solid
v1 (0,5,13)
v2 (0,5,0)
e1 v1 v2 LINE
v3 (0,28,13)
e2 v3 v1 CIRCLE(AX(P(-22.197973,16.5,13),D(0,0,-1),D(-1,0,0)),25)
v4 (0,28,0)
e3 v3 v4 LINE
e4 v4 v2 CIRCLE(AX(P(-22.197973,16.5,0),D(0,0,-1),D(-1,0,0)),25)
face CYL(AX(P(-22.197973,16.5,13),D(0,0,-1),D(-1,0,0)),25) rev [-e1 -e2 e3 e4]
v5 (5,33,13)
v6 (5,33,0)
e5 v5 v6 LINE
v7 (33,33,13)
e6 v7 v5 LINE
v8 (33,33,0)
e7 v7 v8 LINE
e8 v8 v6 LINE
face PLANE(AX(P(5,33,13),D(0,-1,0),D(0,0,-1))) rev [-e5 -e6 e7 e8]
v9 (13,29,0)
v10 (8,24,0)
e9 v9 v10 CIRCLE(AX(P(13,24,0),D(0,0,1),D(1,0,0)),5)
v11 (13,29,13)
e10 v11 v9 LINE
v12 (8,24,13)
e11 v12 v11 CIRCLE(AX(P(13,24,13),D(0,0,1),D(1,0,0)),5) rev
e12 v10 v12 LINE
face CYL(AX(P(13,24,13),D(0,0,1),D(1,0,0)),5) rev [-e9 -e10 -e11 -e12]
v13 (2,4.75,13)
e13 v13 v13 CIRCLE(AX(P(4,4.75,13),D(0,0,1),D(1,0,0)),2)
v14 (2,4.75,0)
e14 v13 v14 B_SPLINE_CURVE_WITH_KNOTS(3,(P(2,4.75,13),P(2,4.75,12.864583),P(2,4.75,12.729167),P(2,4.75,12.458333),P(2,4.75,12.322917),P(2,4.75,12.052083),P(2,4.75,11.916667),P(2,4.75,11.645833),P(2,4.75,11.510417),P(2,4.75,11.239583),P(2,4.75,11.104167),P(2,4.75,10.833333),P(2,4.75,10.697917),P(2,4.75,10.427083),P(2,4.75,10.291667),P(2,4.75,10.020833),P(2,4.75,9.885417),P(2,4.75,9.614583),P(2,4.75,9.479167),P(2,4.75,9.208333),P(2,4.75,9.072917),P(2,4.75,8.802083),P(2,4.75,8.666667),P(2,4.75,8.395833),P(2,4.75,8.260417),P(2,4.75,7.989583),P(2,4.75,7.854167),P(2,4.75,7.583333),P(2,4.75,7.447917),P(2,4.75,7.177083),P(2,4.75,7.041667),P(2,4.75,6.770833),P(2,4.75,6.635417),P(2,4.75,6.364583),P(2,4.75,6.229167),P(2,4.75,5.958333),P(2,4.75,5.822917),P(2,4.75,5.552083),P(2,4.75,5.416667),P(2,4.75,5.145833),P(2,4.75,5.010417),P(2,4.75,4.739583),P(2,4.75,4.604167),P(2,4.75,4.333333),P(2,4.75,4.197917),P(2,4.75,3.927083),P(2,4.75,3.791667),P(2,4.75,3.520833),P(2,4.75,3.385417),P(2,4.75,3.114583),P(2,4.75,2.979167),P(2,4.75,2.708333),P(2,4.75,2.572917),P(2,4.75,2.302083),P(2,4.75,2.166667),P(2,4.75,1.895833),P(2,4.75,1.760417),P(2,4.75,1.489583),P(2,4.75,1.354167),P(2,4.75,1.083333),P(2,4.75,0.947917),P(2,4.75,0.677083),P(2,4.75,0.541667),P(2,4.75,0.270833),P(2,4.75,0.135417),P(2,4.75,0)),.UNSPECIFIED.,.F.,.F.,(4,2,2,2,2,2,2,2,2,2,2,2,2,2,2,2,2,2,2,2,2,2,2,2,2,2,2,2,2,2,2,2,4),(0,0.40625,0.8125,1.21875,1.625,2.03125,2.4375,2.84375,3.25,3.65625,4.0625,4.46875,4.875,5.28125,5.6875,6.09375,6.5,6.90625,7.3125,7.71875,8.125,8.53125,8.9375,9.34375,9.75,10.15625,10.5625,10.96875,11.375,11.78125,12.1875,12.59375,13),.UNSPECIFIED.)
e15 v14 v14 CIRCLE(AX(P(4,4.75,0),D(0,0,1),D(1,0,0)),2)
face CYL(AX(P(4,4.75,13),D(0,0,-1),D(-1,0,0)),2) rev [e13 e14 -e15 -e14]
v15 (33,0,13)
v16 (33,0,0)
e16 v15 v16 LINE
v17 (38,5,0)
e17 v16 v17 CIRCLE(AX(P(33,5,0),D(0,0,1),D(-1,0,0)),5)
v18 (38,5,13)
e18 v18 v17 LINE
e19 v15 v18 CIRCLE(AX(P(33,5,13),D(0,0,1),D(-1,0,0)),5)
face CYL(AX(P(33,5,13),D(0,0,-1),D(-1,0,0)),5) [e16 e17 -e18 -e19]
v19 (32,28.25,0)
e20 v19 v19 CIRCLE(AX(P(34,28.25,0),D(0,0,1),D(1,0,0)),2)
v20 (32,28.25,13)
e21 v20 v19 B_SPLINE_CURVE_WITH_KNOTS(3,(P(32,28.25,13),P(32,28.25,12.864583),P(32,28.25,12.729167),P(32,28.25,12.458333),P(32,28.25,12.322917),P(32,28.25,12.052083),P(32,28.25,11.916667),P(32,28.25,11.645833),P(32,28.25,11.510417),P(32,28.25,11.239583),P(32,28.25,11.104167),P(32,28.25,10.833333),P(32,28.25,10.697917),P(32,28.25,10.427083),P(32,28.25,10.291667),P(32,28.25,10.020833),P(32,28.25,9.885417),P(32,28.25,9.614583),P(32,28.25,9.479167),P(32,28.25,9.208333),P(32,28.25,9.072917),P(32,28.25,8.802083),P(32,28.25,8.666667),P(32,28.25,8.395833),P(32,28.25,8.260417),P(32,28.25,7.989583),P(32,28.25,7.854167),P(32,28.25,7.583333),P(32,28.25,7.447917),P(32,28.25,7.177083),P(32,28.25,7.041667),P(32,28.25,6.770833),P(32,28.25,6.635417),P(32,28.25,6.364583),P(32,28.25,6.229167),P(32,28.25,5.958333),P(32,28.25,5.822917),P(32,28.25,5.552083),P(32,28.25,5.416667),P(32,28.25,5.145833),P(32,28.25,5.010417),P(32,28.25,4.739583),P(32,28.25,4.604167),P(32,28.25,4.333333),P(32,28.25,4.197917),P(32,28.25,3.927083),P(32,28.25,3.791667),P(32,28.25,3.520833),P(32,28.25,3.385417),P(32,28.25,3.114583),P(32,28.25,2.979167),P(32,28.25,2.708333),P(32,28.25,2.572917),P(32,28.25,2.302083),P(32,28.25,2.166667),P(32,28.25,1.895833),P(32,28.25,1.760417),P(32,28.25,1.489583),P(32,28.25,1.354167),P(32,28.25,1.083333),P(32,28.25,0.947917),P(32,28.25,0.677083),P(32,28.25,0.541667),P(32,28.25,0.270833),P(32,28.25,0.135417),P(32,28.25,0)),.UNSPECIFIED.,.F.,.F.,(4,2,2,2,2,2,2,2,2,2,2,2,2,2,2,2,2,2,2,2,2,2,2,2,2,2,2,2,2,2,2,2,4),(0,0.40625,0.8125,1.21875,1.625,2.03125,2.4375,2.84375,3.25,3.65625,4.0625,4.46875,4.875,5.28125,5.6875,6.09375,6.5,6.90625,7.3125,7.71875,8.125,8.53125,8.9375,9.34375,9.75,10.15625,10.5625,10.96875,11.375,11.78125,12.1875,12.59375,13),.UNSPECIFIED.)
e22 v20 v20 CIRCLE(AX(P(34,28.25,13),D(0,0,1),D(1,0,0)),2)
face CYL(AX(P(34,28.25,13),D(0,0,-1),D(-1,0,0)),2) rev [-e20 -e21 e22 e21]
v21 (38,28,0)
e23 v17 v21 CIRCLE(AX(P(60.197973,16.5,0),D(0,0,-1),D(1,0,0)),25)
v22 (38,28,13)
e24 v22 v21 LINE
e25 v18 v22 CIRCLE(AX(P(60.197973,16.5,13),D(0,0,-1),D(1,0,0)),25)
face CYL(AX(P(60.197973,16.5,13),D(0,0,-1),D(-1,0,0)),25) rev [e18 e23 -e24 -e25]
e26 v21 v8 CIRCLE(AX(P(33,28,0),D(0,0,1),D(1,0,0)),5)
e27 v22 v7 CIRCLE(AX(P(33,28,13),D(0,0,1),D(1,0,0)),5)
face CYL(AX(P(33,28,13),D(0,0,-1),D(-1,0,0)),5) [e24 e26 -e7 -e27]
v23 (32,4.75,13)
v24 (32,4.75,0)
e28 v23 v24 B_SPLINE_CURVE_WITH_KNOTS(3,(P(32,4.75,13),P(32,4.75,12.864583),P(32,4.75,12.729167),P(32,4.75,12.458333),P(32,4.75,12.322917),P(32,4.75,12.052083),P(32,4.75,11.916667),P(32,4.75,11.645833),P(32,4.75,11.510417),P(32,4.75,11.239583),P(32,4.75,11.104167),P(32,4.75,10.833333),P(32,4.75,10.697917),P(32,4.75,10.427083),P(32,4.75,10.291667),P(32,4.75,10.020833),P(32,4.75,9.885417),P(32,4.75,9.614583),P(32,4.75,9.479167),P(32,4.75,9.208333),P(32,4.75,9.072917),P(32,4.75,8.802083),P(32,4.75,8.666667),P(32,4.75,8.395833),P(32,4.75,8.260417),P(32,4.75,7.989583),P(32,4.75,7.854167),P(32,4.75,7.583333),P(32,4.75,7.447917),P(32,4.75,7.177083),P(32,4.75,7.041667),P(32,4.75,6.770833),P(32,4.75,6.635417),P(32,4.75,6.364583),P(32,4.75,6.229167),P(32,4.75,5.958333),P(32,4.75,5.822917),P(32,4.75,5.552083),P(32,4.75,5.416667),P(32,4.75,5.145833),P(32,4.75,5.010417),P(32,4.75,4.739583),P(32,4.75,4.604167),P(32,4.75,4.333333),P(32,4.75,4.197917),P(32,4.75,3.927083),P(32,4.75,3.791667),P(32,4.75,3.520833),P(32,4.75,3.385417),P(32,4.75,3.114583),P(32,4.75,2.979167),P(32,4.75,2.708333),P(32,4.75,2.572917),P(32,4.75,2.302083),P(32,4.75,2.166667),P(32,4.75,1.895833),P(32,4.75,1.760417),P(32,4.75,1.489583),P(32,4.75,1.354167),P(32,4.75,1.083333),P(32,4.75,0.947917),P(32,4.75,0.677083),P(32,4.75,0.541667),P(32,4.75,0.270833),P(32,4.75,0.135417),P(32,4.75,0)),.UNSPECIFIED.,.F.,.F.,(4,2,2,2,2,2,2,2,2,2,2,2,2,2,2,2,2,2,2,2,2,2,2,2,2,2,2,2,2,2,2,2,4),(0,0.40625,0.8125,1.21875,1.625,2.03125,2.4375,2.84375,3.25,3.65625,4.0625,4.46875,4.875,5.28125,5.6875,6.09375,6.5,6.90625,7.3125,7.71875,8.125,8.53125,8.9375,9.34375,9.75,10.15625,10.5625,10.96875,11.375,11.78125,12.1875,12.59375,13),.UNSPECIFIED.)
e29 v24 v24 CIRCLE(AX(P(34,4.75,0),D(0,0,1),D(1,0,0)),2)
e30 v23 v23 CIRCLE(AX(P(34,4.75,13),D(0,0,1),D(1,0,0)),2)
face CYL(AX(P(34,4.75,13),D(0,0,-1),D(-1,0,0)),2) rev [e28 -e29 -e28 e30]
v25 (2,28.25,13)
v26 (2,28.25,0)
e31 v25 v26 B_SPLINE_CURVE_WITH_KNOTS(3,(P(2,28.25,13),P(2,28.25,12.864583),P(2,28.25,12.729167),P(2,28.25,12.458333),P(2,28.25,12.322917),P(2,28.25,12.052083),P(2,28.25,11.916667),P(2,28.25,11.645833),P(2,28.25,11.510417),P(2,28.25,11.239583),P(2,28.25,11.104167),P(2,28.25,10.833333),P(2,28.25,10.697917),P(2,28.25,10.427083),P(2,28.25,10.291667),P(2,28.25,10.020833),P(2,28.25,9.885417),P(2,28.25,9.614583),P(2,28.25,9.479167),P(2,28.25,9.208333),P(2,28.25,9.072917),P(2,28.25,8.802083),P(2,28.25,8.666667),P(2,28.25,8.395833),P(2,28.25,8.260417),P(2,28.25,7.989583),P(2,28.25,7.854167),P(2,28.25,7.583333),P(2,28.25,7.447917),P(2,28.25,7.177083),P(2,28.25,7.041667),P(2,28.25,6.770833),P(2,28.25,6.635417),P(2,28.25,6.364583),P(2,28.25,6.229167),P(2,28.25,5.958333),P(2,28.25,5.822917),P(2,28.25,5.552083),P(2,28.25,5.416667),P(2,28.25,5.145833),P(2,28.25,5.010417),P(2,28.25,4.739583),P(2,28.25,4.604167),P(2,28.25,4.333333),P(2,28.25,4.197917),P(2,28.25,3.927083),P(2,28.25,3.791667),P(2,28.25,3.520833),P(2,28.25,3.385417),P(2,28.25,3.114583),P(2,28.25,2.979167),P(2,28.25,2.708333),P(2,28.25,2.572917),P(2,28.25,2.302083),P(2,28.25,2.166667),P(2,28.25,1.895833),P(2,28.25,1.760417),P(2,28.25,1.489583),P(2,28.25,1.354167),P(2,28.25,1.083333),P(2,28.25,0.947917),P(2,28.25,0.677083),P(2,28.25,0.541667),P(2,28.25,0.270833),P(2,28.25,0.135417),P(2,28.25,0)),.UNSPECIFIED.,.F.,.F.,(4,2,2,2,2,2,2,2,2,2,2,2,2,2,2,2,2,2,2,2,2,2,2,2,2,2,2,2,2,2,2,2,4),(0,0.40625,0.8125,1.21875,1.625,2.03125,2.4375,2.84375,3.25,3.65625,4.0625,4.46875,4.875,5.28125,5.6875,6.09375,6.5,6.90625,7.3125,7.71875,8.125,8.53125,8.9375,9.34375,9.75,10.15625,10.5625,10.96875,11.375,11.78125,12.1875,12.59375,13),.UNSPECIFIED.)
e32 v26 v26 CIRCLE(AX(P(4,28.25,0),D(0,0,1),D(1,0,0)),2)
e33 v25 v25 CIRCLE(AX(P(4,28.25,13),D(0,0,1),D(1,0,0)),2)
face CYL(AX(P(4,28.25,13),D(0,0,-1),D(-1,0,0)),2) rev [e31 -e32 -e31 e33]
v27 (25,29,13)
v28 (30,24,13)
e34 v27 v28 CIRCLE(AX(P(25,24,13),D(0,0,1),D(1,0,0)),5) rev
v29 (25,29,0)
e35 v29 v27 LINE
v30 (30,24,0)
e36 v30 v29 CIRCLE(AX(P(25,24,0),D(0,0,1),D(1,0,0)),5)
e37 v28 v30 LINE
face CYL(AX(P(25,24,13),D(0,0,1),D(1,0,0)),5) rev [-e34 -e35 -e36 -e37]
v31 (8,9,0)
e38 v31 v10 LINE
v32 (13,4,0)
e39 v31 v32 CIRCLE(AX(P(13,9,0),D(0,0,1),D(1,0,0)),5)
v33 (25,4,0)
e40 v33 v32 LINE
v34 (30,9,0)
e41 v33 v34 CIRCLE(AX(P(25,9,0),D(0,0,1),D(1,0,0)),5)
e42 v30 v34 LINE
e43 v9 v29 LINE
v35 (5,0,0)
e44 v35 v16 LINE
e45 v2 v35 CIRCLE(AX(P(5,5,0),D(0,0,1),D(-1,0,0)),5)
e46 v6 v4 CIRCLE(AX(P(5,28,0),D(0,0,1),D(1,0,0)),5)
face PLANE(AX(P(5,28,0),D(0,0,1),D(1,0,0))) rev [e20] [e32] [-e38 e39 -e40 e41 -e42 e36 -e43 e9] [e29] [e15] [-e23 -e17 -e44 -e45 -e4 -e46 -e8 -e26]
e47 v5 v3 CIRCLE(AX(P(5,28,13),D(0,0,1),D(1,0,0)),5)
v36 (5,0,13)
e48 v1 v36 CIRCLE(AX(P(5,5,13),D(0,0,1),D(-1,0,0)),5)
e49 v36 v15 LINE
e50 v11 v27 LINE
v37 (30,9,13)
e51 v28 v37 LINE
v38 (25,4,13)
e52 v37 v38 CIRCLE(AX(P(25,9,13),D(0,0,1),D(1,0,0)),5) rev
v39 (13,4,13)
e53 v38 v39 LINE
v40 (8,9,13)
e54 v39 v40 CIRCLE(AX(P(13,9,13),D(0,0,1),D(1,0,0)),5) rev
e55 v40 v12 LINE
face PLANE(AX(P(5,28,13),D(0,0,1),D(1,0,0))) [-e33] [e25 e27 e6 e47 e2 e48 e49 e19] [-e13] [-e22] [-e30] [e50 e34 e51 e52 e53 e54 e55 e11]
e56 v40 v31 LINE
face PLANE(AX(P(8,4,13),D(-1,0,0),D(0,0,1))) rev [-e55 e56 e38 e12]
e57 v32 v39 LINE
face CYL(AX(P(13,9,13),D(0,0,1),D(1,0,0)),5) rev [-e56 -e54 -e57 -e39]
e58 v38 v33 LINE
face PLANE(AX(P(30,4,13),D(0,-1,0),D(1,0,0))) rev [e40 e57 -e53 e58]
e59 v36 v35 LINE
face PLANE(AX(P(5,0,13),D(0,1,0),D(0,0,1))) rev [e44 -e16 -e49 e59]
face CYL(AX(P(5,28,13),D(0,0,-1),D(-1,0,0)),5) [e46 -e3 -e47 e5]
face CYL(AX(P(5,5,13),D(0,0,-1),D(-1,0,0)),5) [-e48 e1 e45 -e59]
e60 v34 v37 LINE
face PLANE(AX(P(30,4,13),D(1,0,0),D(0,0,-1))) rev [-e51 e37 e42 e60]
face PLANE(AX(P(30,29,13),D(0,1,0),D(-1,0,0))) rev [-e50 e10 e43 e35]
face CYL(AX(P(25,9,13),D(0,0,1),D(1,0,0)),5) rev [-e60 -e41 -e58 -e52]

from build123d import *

# Parameters (mm, degrees)
CROQUIS1_R              = 2
SALIENTE_EXTRUIR1_DEPTH = 13
CROQUIS2_W              = 22
CROQUIS2_H              = 25
CORTAR_EXTRUIR1_DEPTH   = 52.980765673
REDONDEO1_R             = 5


with BuildPart() as part:
    # Croquis1 → Saliente-Extruir1 (new body)
    with BuildSketch(Plane.XY):
        with BuildLine():
            Line((5, 0), (33, 0))
            ThreePointArc((33, 0), (36.535533906, 1.464466094), (38, 5))
            ThreePointArc((38, 5), (35.19797288, 16.5), (38, 28))
            ThreePointArc((38, 28), (36.535533906, 31.535533906), (33, 33))
            Line((33, 33), (5, 33))
            ThreePointArc((5, 33), (1.464466094, 31.535533906), (0, 28))
            ThreePointArc((0, 28), (2.80202712, 16.5), (0, 5))
            ThreePointArc((0, 5), (1.464466094, 1.464466094), (5, 0))
        make_face()
        with Locations(Location((4, 4.75, 0), (0, 0, 180))):
            Circle(CROQUIS1_R, mode=Mode.SUBTRACT)
        with Locations(Location((34, 4.75, 0), (0, 0, 180))):
            Circle(CROQUIS1_R, mode=Mode.SUBTRACT)
        with Locations(Location((34, 28.25, 0), (0, 0, 180))):
            Circle(CROQUIS1_R, mode=Mode.SUBTRACT)
        with Locations(Location((4, 28.25, 0), (0, 0, 180))):
            Circle(CROQUIS1_R, mode=Mode.SUBTRACT)
    extrude(amount=SALIENTE_EXTRUIR1_DEPTH)

    # Croquis2 → Cortar-Extruir1 (cut, through all)
    with BuildSketch(Plane(origin=(0, 0, 0), x_dir=(-1, 0, 0), z_dir=(0, 0, -1))):
        with Locations((-19, 16.5)):
            Rectangle(CROQUIS2_W, CROQUIS2_H)
    extrude(amount=-CORTAR_EXTRUIR1_DEPTH, mode=Mode.SUBTRACT)

    # Redondeo1
    redondeo1_edges = [part.edges().sort_by_distance(p)[0] for p in [
        (8, 4, 6.5),
        (30, 4, 6.5),
        (30, 29, 6.5),
        (8, 29, 6.5),
    ]]
    fillet(redondeo1_edges, radius=REDONDEO1_R)


solid = part.part
